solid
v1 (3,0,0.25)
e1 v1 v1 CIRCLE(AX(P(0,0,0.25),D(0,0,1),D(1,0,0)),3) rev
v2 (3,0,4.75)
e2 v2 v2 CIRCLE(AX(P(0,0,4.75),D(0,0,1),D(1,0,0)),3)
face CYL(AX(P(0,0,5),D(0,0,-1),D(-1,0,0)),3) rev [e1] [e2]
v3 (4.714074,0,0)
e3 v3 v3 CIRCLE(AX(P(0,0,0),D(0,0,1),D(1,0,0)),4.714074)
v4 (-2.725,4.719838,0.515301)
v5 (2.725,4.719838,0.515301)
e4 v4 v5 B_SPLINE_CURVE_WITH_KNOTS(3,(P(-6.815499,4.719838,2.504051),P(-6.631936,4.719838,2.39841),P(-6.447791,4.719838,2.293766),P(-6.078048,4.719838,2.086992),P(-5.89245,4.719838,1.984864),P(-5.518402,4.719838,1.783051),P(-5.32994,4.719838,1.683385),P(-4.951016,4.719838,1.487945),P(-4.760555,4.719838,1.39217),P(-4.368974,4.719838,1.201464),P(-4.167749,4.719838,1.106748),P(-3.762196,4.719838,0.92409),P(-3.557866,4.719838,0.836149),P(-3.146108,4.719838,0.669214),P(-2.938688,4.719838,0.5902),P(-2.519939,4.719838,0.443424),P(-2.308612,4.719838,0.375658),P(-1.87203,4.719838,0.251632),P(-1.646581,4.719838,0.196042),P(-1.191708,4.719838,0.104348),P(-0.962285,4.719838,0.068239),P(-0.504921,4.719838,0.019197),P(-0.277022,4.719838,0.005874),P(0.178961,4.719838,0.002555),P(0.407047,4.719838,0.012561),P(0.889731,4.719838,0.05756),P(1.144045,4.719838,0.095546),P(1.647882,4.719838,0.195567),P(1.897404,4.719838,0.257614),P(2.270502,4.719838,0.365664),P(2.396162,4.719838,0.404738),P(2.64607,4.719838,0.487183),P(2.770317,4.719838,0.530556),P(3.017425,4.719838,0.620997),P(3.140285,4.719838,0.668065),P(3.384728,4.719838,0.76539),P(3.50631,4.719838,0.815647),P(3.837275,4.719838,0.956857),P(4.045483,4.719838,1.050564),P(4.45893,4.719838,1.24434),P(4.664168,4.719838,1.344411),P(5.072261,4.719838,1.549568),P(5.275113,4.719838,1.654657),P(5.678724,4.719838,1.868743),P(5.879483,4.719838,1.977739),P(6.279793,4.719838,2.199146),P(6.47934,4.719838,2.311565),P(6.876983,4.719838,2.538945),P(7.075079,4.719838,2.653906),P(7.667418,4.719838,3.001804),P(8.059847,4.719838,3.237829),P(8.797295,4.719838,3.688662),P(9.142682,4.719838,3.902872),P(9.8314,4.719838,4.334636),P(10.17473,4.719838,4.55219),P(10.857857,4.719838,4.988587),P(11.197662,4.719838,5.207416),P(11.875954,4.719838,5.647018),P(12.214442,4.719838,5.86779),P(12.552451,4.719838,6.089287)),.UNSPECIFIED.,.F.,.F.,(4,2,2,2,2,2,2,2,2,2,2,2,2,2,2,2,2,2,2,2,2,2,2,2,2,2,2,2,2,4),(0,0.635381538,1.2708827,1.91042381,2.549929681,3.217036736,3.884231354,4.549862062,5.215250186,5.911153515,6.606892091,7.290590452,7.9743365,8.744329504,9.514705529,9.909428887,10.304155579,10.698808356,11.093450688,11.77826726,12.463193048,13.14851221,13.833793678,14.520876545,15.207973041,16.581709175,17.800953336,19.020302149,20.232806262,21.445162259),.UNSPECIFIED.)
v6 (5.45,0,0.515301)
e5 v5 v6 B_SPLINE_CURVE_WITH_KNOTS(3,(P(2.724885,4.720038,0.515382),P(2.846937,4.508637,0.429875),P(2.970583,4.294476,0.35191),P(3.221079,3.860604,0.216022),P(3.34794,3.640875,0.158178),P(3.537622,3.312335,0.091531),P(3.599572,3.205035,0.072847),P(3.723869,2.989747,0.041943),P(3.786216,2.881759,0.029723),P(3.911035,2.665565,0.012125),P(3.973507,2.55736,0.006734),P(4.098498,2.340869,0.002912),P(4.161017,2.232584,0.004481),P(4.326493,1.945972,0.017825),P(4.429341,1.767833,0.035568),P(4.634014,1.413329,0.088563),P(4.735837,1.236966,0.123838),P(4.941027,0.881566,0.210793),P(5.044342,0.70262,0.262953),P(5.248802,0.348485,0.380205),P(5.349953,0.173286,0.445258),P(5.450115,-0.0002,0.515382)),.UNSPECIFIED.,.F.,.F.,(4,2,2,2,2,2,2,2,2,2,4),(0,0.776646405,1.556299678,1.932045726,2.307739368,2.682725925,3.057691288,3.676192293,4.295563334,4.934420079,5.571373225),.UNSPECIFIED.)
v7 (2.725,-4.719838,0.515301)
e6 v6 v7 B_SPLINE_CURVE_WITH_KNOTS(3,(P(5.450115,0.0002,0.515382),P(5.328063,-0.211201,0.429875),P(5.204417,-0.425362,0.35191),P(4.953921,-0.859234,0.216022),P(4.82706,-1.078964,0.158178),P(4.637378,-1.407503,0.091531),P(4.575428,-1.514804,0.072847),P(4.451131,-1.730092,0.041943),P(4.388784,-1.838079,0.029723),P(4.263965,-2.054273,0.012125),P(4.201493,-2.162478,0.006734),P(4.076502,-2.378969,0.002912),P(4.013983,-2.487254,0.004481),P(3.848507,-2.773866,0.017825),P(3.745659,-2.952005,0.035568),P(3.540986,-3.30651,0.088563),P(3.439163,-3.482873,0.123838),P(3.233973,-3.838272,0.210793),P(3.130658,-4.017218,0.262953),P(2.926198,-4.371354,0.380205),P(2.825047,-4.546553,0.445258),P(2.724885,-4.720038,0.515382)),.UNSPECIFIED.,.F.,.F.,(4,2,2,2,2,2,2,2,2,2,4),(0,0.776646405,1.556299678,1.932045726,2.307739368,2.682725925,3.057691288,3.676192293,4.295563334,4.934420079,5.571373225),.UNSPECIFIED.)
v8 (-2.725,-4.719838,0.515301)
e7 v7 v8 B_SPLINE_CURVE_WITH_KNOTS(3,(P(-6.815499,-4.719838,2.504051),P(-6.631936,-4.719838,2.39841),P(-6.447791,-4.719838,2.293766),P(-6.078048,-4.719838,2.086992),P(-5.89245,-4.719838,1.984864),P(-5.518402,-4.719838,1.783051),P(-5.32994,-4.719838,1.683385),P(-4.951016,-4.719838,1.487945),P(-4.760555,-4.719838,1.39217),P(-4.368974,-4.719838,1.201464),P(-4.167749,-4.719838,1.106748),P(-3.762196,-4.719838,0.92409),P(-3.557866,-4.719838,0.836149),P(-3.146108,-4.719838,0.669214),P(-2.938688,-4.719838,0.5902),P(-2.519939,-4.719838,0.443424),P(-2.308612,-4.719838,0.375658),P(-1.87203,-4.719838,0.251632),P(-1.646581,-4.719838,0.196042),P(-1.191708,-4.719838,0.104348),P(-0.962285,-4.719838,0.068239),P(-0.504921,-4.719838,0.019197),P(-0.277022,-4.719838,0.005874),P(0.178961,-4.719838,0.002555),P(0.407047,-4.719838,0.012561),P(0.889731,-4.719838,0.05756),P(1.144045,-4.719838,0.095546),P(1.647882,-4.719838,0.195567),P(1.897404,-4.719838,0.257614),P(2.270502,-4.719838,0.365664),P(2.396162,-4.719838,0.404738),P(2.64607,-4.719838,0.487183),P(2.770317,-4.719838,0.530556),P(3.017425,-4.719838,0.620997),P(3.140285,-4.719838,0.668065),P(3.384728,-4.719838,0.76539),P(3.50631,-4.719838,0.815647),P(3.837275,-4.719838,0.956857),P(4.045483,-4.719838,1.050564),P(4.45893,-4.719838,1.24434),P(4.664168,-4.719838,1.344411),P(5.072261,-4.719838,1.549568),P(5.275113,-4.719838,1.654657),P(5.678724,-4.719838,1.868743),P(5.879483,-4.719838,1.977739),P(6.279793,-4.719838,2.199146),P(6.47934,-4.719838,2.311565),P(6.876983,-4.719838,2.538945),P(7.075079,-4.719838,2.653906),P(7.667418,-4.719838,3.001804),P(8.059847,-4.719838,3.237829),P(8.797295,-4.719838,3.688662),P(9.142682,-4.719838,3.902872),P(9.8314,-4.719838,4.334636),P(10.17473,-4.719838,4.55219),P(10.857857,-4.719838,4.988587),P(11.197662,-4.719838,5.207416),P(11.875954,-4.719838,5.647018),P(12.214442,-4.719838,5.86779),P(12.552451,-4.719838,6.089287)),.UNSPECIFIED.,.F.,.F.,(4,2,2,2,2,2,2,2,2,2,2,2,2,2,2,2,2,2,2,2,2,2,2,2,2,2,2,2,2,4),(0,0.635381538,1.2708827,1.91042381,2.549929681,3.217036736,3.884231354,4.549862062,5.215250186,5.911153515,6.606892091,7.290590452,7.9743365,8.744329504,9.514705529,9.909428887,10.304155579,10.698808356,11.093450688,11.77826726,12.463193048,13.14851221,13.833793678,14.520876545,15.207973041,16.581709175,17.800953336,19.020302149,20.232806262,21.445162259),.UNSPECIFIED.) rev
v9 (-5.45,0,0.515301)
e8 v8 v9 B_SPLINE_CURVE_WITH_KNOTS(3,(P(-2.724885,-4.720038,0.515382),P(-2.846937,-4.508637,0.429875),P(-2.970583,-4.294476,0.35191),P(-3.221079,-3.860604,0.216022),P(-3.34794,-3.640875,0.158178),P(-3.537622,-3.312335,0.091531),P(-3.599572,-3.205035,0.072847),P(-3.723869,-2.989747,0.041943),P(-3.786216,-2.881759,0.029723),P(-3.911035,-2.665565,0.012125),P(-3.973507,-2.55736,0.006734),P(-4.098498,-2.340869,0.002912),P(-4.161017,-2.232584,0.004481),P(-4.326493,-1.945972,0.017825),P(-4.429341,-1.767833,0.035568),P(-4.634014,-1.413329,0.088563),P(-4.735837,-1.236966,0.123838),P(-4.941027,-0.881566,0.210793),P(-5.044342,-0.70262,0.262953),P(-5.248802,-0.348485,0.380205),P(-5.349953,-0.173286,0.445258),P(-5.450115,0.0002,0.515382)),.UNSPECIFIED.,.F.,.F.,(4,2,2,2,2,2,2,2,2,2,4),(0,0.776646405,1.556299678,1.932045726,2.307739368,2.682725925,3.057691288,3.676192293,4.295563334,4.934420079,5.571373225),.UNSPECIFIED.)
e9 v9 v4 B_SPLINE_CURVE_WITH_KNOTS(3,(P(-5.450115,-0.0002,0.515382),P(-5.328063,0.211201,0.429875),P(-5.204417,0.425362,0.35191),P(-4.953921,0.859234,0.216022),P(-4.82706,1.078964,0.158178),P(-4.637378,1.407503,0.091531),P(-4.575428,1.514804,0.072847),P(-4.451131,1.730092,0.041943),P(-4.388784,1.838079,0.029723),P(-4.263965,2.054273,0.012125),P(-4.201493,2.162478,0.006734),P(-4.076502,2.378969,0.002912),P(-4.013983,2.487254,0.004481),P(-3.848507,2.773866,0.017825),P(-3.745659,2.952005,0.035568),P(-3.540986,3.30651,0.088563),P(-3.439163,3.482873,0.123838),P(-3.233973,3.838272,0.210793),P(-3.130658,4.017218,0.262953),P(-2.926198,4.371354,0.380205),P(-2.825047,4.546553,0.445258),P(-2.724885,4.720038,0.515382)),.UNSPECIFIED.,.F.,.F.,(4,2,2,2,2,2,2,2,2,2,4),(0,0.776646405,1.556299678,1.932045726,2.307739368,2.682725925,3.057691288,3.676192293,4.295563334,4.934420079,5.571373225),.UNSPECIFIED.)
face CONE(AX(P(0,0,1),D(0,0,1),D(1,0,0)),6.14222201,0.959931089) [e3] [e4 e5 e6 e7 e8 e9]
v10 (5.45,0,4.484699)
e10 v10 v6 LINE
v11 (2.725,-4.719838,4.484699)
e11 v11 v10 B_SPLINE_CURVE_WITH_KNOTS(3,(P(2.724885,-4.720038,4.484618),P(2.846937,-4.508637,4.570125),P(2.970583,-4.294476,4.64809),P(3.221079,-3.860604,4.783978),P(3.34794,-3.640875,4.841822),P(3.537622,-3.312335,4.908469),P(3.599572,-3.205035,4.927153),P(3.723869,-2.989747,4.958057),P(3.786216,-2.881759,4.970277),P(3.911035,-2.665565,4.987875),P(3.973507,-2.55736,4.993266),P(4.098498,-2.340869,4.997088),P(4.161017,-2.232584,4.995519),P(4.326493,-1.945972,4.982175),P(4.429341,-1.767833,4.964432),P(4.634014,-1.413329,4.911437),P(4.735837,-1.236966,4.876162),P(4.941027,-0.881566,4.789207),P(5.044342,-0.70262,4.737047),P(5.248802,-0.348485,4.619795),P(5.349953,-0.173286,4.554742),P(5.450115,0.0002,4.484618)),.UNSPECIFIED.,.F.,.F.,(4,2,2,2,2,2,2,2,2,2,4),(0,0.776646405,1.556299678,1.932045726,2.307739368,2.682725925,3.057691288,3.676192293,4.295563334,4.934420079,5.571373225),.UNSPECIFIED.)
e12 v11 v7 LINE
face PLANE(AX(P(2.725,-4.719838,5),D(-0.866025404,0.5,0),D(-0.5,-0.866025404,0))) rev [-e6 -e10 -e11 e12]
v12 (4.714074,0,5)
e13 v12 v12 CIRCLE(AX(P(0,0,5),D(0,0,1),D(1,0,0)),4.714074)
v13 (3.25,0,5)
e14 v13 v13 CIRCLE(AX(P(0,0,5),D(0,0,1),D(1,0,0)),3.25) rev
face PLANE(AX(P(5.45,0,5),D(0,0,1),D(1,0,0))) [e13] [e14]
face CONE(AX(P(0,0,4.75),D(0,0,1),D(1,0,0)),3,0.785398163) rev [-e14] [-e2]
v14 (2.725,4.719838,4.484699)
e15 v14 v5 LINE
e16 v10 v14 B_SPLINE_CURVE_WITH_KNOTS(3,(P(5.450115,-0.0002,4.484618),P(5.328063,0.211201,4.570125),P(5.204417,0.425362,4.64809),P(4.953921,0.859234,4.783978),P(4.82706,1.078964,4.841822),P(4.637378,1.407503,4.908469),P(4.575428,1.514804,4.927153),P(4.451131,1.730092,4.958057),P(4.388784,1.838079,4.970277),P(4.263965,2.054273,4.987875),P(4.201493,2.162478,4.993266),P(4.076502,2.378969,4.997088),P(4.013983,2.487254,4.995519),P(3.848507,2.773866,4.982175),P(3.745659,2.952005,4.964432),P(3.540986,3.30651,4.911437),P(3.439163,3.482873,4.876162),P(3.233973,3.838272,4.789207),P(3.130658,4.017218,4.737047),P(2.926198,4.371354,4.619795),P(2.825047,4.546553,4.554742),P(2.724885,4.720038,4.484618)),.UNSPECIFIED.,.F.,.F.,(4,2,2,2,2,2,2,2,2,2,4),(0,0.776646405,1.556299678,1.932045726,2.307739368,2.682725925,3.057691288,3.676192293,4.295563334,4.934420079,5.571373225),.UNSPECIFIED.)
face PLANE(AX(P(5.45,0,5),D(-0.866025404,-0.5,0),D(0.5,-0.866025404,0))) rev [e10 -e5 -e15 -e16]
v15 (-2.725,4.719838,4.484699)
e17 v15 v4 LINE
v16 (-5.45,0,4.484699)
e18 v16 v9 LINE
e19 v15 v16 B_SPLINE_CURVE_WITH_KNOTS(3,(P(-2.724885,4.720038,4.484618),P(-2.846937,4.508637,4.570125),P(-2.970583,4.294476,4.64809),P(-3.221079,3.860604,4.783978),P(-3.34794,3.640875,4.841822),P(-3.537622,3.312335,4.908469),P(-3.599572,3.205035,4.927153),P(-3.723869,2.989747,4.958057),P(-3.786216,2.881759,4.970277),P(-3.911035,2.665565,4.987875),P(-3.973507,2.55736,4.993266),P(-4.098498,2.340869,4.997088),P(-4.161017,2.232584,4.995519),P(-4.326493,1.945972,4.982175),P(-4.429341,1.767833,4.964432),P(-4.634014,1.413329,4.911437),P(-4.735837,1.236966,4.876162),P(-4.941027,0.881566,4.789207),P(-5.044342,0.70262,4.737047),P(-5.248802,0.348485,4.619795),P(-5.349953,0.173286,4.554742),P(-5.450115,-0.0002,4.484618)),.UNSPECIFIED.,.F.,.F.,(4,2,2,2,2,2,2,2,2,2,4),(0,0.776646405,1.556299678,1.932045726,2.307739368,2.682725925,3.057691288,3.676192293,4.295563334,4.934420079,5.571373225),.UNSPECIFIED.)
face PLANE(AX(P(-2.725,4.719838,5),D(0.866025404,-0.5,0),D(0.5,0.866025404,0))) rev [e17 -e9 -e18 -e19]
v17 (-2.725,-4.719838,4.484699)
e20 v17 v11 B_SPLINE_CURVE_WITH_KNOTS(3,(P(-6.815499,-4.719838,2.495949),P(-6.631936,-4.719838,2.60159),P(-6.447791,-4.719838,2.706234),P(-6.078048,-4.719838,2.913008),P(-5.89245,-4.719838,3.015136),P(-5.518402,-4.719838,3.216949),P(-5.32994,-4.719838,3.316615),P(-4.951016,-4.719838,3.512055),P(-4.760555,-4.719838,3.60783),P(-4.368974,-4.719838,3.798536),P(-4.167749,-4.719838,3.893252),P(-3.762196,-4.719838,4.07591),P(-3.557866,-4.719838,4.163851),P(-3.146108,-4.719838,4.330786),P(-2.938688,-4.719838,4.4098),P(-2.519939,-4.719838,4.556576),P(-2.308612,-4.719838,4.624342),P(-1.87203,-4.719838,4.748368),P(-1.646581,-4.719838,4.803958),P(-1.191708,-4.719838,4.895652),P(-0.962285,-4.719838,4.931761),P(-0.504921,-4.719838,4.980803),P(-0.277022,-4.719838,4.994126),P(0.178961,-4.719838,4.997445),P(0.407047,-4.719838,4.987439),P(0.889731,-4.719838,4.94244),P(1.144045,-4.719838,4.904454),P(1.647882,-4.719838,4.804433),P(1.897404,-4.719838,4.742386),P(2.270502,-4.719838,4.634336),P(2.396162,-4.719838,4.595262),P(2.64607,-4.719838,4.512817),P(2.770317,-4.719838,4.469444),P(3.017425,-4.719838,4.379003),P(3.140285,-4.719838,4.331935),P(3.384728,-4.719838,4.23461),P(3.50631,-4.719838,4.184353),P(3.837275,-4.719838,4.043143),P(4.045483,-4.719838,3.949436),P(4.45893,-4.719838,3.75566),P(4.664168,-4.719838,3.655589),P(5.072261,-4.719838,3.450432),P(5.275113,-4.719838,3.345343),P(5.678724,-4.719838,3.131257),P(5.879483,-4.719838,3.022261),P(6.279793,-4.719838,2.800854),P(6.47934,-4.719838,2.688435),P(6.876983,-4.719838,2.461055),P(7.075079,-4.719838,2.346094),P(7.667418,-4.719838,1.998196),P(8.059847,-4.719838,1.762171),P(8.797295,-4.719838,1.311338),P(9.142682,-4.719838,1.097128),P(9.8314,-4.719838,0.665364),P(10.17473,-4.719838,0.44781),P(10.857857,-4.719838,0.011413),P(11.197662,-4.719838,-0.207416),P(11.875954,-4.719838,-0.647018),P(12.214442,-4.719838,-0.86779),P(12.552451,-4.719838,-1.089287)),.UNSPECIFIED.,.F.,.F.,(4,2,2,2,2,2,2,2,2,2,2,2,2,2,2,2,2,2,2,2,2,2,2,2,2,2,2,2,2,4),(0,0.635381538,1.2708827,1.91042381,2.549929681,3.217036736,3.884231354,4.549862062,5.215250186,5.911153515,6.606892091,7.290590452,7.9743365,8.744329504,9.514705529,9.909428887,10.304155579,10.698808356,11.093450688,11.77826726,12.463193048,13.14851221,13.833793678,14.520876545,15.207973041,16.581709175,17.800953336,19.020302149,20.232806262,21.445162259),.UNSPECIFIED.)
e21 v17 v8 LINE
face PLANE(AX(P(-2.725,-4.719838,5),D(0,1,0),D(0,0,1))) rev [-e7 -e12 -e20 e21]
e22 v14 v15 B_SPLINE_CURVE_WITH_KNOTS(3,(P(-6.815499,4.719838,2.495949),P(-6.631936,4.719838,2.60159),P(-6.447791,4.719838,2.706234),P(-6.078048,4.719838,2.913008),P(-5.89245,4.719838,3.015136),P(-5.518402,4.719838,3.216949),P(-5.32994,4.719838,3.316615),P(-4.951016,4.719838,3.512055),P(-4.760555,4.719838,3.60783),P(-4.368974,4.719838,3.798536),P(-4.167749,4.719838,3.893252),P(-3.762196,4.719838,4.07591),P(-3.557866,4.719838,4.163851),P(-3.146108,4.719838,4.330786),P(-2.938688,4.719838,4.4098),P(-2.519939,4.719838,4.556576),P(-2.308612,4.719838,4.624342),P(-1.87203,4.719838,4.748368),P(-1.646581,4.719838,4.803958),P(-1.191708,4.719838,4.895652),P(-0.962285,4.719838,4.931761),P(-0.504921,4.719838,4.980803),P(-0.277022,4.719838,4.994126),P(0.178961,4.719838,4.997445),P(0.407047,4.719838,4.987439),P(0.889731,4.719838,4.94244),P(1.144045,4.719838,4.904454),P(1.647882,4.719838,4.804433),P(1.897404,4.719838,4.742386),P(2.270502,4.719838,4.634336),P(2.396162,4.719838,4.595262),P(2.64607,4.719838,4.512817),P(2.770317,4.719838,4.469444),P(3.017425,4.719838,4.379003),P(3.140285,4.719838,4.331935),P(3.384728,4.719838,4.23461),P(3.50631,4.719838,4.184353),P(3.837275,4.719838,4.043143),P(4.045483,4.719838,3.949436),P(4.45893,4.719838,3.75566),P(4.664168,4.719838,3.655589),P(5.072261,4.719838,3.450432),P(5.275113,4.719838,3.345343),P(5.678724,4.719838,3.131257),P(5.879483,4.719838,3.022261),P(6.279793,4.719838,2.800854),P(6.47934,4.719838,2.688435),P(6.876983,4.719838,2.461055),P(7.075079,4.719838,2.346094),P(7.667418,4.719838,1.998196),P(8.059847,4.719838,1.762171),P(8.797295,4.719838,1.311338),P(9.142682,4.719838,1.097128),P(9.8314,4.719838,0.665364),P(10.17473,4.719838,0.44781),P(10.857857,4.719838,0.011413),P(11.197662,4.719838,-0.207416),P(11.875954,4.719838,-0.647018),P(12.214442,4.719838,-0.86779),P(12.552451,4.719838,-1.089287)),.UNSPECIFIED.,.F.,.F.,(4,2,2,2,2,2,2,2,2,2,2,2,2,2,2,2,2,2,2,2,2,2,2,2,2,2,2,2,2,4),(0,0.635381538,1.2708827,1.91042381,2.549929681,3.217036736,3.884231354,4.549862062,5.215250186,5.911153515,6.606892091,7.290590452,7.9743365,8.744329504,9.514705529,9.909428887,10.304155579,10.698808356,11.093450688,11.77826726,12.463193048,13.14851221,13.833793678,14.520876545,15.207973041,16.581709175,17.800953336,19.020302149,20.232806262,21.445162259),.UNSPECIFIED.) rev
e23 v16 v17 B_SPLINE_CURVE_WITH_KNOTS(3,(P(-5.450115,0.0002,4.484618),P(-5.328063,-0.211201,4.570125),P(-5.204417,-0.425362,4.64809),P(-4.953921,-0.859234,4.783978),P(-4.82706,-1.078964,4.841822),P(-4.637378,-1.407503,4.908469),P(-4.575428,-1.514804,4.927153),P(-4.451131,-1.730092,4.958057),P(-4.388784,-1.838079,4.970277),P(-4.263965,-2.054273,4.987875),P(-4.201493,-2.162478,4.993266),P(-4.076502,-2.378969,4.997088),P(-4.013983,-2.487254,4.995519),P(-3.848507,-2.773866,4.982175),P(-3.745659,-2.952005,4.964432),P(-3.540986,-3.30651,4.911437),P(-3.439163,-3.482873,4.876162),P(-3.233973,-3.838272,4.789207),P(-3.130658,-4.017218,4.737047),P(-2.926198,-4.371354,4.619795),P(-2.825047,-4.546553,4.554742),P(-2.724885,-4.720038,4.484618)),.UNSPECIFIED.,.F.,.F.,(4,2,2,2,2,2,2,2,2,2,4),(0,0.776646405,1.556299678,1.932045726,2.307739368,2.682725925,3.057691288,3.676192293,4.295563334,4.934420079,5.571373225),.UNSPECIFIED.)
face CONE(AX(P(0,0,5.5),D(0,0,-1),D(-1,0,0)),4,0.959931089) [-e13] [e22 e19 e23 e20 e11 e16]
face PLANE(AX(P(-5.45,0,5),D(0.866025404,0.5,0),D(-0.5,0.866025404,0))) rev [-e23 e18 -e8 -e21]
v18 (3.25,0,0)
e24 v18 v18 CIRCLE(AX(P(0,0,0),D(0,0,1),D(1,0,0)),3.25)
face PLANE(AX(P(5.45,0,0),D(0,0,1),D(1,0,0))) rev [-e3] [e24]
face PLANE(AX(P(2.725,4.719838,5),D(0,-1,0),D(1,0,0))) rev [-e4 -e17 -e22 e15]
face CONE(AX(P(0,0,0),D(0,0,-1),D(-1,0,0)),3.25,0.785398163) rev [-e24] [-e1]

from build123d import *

# Parameters (mm, degrees)
SKETCH1_R           = 3
BOSS_EXTRUDE1_DEPTH = 5
CHAMFER1_SIZE       = 0.25


with BuildPart() as part:
    # Sketch1 → Boss-Extrude1 (new body)
    with BuildSketch(Plane.XY):
        Polygon((5.45, 0), (2.725, 4.719838451), (-2.725, 4.719838451), (-5.45, 0), (-2.725, -4.719838451), (2.725, -4.719838451), align=None)
        Circle(SKETCH1_R, mode=Mode.SUBTRACT)
    extrude(amount=BOSS_EXTRUDE1_DEPTH)

    # Chamfer1
    chamfer1_edges = [part.edges().sort_by_distance(p)[0] for p in [
        (-3, 0, 0),
        (-3, 0, 5),
    ]]
    chamfer(chamfer1_edges, length=CHAMFER1_SIZE)

    # Sketch2 → Cut-Revolve1 (revolve, cut)
    with BuildSketch(Plane(origin=(0, 0, 0), x_dir=(1, 0, 0), z_dir=(0, 1, 0)), mode=Mode.PRIVATE) as cut_revolve1_sk:
        Polygon((-1, -5.5), (-4, -5.5), (-6.14222201, -4), (-6.14222201, -1), (-4, 0.5), (-1, 0.5), (-1, 1.980198167), (-7.750900281, 1.980198167), (-7.750900281, -6.98400312), (-1, -6.98400312), align=None)
    revolve(cut_revolve1_sk.sketch.rotate(Axis((0, 0, 5.5), (0, 0, -1)), 180), axis=Axis((0, 0, 5.5), (0, 0, -1)), mode=Mode.SUBTRACT)


solid = part.part
